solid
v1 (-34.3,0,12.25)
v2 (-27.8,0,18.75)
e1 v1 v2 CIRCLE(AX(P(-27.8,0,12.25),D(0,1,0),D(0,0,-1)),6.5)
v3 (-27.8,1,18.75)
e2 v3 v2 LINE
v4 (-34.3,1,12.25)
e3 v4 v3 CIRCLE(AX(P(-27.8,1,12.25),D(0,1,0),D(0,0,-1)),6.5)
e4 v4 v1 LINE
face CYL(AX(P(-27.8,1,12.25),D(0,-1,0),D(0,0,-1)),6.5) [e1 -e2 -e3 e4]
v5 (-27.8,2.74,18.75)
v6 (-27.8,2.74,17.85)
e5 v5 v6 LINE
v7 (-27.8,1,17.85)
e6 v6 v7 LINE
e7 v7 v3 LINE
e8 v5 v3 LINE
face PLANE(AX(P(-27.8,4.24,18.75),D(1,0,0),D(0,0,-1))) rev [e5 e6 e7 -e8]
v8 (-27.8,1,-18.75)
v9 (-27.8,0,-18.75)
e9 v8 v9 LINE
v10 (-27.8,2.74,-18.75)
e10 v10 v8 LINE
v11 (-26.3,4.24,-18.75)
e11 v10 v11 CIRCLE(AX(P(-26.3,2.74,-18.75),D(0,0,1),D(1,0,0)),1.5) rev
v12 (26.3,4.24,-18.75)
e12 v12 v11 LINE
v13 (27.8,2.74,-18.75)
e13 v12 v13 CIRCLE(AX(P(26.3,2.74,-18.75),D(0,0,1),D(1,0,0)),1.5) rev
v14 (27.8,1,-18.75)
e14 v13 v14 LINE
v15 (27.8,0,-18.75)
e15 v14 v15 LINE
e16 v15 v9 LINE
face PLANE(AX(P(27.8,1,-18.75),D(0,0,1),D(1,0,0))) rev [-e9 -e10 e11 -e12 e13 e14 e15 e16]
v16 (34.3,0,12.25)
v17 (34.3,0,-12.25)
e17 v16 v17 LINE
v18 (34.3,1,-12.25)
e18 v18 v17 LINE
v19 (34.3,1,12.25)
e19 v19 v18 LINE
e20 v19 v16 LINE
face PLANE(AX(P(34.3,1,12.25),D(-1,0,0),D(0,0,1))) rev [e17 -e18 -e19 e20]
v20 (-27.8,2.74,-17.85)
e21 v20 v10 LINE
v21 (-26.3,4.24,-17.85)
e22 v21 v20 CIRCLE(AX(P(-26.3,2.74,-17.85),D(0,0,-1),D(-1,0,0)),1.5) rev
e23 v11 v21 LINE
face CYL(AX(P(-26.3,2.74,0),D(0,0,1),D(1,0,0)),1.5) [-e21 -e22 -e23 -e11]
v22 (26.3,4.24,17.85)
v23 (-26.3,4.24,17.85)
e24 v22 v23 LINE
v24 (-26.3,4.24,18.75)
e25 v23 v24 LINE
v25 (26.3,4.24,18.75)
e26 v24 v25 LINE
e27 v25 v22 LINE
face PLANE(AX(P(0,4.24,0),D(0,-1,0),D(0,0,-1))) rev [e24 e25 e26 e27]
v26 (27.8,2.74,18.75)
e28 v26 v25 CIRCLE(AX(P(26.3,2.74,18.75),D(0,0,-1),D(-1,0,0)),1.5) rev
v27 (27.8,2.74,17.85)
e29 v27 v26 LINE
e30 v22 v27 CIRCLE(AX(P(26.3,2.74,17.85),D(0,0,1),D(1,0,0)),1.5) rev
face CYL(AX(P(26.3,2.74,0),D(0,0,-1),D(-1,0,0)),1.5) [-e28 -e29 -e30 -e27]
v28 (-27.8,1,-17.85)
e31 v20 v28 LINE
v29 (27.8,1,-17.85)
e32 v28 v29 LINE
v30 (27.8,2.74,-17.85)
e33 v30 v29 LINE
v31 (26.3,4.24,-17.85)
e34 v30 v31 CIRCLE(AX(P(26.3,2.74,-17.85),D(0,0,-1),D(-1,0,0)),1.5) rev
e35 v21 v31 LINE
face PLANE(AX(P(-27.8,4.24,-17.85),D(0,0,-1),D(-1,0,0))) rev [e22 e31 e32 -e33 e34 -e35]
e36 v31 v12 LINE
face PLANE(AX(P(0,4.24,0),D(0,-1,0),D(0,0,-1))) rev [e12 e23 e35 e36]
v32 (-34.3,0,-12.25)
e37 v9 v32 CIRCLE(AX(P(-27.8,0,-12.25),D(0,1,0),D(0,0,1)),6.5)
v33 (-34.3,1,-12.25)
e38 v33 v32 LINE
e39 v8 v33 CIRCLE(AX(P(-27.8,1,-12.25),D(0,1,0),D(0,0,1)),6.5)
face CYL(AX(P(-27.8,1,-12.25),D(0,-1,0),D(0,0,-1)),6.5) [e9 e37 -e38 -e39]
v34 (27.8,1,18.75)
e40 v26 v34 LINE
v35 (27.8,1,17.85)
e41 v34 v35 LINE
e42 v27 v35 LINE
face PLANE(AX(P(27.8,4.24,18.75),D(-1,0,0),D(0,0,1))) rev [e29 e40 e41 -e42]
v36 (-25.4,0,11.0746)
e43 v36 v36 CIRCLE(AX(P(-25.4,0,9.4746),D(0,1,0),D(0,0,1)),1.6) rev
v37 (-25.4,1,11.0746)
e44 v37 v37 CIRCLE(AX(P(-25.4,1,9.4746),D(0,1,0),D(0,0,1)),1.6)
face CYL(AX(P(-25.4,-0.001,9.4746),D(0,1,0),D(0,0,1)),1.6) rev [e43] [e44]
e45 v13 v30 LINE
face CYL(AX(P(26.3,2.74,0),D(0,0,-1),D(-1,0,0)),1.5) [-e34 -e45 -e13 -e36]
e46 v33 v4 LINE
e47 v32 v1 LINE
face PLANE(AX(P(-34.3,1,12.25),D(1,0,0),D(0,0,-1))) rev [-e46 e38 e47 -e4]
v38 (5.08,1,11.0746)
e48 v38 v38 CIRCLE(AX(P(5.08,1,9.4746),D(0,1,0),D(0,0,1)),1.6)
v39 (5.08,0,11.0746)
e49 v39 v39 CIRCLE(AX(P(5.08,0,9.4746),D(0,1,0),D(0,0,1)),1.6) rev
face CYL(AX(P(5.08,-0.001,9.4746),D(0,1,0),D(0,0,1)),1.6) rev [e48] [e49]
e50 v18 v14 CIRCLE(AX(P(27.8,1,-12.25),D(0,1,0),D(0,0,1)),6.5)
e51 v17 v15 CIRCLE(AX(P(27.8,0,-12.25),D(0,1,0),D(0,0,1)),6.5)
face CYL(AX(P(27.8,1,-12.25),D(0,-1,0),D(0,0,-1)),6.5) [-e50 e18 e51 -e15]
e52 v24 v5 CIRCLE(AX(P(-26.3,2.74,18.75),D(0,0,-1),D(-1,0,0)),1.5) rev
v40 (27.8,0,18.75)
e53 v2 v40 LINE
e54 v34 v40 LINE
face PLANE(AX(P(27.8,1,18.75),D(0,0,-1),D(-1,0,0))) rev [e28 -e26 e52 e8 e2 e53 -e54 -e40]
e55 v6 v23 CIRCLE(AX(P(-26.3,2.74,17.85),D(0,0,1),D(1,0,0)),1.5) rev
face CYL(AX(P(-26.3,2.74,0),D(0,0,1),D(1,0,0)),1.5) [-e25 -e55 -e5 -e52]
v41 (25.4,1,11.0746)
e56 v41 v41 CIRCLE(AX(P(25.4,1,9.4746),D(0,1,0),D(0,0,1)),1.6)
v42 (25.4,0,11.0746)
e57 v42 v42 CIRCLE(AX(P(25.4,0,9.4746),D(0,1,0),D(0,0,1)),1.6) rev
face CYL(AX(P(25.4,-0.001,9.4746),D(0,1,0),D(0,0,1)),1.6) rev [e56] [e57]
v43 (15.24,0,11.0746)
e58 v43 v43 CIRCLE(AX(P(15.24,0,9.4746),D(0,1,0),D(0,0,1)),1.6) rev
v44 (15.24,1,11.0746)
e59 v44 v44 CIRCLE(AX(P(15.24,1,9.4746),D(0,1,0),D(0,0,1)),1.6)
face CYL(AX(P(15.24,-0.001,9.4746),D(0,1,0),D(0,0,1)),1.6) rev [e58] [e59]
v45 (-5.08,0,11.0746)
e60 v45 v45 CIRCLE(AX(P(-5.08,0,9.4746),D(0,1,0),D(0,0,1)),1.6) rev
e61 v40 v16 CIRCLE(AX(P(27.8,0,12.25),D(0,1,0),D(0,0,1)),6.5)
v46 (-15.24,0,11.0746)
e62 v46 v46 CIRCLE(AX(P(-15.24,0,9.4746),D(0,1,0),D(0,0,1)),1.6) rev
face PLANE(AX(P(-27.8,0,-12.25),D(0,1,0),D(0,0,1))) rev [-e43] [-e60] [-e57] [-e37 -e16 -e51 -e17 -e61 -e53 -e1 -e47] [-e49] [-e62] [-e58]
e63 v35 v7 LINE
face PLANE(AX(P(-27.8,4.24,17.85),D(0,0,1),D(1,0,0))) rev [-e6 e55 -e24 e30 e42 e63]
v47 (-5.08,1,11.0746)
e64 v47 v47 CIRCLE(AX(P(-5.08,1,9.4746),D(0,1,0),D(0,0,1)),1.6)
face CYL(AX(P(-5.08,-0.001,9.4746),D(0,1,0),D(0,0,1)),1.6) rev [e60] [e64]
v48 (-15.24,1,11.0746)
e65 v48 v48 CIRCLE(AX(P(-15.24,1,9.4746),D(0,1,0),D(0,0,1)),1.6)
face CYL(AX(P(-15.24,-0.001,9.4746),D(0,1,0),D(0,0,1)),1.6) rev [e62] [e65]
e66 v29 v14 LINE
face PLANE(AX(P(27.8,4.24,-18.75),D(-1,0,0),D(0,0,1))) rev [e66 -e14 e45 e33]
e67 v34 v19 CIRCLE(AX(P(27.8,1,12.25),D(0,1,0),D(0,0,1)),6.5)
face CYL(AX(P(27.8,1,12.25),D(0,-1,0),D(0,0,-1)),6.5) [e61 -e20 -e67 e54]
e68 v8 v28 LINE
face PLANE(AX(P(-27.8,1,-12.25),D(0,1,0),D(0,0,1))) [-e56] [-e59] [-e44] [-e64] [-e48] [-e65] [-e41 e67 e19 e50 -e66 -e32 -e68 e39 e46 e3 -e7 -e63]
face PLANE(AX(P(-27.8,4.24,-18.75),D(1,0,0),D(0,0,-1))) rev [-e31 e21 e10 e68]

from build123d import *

# Parameters (mm, degrees)
BOSS_EXTRUDE1_DEPTH = 1
SKETCH3_W           = 55.6
SKETCH3_H           = 0.9
BOSS_EXTRUDE2_DEPTH = 3.24
FILLET1_R           = 1.5
FILLET2_R           = 1.5
FILLET3_R           = 1.5
FILLET4_R           = 1.5
CUT_EXTRUDE2_REACH  = 3
SKETCH5_R           = 1.6


with BuildPart() as part:
    # Sketch1 → Boss-Extrude1 (new body)
    with BuildSketch(Plane(origin=(0, 0, 0), x_dir=(1, 0, 0), z_dir=(0, 1, 0))):
        with BuildLine():
            Line((27.8, -18.75), (-27.8, -18.75))
            ThreePointArc((-27.8, -18.75), (-32.396194078, -16.846194078), (-34.3, -12.25))
            Line((-34.3, -12.25), (-34.3, 12.25))
            ThreePointArc((-34.3, 12.25), (-32.396194078, 16.846194078), (-27.8, 18.75))
            Line((-27.8, 18.75), (27.8, 18.75))
            ThreePointArc((27.8, 18.75), (32.396194078, 16.846194078), (34.3, 12.25))
            Line((34.3, 12.25), (34.3, -12.25))
            ThreePointArc((34.3, -12.25), (32.396194078, -16.846194078), (27.8, -18.75))
        make_face()
    extrude(amount=BOSS_EXTRUDE1_DEPTH)

    # Sketch3 → Boss-Extrude2 (add)
    with BuildSketch(Plane(origin=(0, 1, 0), x_dir=(1, 0, 0), z_dir=(0, 1, 0))):
        with Locations((0, -18.3)):
            Rectangle(SKETCH3_W, SKETCH3_H)
        with Locations((0, 18.3)):
            Rectangle(SKETCH3_W, SKETCH3_H)
    extrude(amount=BOSS_EXTRUDE2_DEPTH)

    # Fillet1
    fillet1_edges = [part.edges().sort_by_distance(p)[0] for p in [
        (-27.8, 4.24, 18.3),
    ]]
    fillet(fillet1_edges, radius=FILLET1_R)

    # Fillet2
    fillet2_edges = [part.edges().sort_by_distance(p)[0] for p in [
        (27.8, 4.24, 18.3),
    ]]
    fillet(fillet2_edges, radius=FILLET2_R)

    # Fillet3
    fillet3_edges = [part.edges().sort_by_distance(p)[0] for p in [
        (27.8, 4.24, -18.3),
    ]]
    fillet(fillet3_edges, radius=FILLET3_R)

    # Fillet4
    fillet4_edges = [part.edges().sort_by_distance(p)[0] for p in [
        (-27.8, 4.24, -18.3),
    ]]
    fillet(fillet4_edges, radius=FILLET4_R)

    # Sketch5 → Cut-Extrude2 (cut, up to next)
    with BuildSketch(Plane(origin=(0, 1, 0), x_dir=(1, 0, 0), z_dir=(0, 1, 0)), mode=Mode.PRIVATE) as cut_extrude2_sk1:
        with Locations((-25.4, -9.4746)):
            Circle(SKETCH5_R)
    cut_extrude2_tool1 = extrude(cut_extrude2_sk1.sketch, amount=-CUT_EXTRUDE2_REACH, mode=Mode.PRIVATE) & part.part
    add(cut_extrude2_tool1.solids().sort_by_distance((-25.4, 1, 9.4746))[0], mode=Mode.SUBTRACT)
    # Sketch5 → Cut-Extrude2 (cut, up to next)
    with BuildSketch(Plane(origin=(0, 1, 0), x_dir=(1, 0, 0), z_dir=(0, 1, 0)), mode=Mode.PRIVATE) as cut_extrude2_sk2:
        with Locations((-15.24, -9.4746)):
            Circle(SKETCH5_R)
    cut_extrude2_tool2 = extrude(cut_extrude2_sk2.sketch, amount=-CUT_EXTRUDE2_REACH, mode=Mode.PRIVATE) & part.part
    add(cut_extrude2_tool2.solids().sort_by_distance((-15.24, 1, 9.4746))[0], mode=Mode.SUBTRACT)
    # Sketch5 → Cut-Extrude2 (cut, up to next)
    with BuildSketch(Plane(origin=(0, 1, 0), x_dir=(1, 0, 0), z_dir=(0, 1, 0)), mode=Mode.PRIVATE) as cut_extrude2_sk3:
        with Locations((-5.08, -9.4746)):
            Circle(SKETCH5_R)
    cut_extrude2_tool3 = extrude(cut_extrude2_sk3.sketch, amount=-CUT_EXTRUDE2_REACH, mode=Mode.PRIVATE) & part.part
    add(cut_extrude2_tool3.solids().sort_by_distance((-5.08, 1, 9.4746))[0], mode=Mode.SUBTRACT)
    # Sketch5 → Cut-Extrude2 (cut, up to next)
    with BuildSketch(Plane(origin=(0, 1, 0), x_dir=(1, 0, 0), z_dir=(0, 1, 0)), mode=Mode.PRIVATE) as cut_extrude2_sk4:
        with Locations((5.08, -9.4746)):
            Circle(SKETCH5_R)
    cut_extrude2_tool4 = extrude(cut_extrude2_sk4.sketch, amount=-CUT_EXTRUDE2_REACH, mode=Mode.PRIVATE) & part.part
    add(cut_extrude2_tool4.solids().sort_by_distance((5.08, 1, 9.4746))[0], mode=Mode.SUBTRACT)
    # Sketch5 → Cut-Extrude2 (cut, up to next)
    with BuildSketch(Plane(origin=(0, 1, 0), x_dir=(1, 0, 0), z_dir=(0, 1, 0)), mode=Mode.PRIVATE) as cut_extrude2_sk5:
        with Locations((15.24, -9.4746)):
            Circle(SKETCH5_R)
    cut_extrude2_tool5 = extrude(cut_extrude2_sk5.sketch, amount=-CUT_EXTRUDE2_REACH, mode=Mode.PRIVATE) & part.part
    add(cut_extrude2_tool5.solids().sort_by_distance((15.24, 1, 9.4746))[0], mode=Mode.SUBTRACT)
    # Sketch5 → Cut-Extrude2 (cut, up to next)
    with BuildSketch(Plane(origin=(0, 1, 0), x_dir=(1, 0, 0), z_dir=(0, 1, 0)), mode=Mode.PRIVATE) as cut_extrude2_sk6:
        with Locations((25.4, -9.4746)):
            Circle(SKETCH5_R)
    cut_extrude2_tool6 = extrude(cut_extrude2_sk6.sketch, amount=-CUT_EXTRUDE2_REACH, mode=Mode.PRIVATE) & part.part
    add(cut_extrude2_tool6.solids().sort_by_distance((25.4, 1, 9.4746))[0], mode=Mode.SUBTRACT)


solid = part.part
